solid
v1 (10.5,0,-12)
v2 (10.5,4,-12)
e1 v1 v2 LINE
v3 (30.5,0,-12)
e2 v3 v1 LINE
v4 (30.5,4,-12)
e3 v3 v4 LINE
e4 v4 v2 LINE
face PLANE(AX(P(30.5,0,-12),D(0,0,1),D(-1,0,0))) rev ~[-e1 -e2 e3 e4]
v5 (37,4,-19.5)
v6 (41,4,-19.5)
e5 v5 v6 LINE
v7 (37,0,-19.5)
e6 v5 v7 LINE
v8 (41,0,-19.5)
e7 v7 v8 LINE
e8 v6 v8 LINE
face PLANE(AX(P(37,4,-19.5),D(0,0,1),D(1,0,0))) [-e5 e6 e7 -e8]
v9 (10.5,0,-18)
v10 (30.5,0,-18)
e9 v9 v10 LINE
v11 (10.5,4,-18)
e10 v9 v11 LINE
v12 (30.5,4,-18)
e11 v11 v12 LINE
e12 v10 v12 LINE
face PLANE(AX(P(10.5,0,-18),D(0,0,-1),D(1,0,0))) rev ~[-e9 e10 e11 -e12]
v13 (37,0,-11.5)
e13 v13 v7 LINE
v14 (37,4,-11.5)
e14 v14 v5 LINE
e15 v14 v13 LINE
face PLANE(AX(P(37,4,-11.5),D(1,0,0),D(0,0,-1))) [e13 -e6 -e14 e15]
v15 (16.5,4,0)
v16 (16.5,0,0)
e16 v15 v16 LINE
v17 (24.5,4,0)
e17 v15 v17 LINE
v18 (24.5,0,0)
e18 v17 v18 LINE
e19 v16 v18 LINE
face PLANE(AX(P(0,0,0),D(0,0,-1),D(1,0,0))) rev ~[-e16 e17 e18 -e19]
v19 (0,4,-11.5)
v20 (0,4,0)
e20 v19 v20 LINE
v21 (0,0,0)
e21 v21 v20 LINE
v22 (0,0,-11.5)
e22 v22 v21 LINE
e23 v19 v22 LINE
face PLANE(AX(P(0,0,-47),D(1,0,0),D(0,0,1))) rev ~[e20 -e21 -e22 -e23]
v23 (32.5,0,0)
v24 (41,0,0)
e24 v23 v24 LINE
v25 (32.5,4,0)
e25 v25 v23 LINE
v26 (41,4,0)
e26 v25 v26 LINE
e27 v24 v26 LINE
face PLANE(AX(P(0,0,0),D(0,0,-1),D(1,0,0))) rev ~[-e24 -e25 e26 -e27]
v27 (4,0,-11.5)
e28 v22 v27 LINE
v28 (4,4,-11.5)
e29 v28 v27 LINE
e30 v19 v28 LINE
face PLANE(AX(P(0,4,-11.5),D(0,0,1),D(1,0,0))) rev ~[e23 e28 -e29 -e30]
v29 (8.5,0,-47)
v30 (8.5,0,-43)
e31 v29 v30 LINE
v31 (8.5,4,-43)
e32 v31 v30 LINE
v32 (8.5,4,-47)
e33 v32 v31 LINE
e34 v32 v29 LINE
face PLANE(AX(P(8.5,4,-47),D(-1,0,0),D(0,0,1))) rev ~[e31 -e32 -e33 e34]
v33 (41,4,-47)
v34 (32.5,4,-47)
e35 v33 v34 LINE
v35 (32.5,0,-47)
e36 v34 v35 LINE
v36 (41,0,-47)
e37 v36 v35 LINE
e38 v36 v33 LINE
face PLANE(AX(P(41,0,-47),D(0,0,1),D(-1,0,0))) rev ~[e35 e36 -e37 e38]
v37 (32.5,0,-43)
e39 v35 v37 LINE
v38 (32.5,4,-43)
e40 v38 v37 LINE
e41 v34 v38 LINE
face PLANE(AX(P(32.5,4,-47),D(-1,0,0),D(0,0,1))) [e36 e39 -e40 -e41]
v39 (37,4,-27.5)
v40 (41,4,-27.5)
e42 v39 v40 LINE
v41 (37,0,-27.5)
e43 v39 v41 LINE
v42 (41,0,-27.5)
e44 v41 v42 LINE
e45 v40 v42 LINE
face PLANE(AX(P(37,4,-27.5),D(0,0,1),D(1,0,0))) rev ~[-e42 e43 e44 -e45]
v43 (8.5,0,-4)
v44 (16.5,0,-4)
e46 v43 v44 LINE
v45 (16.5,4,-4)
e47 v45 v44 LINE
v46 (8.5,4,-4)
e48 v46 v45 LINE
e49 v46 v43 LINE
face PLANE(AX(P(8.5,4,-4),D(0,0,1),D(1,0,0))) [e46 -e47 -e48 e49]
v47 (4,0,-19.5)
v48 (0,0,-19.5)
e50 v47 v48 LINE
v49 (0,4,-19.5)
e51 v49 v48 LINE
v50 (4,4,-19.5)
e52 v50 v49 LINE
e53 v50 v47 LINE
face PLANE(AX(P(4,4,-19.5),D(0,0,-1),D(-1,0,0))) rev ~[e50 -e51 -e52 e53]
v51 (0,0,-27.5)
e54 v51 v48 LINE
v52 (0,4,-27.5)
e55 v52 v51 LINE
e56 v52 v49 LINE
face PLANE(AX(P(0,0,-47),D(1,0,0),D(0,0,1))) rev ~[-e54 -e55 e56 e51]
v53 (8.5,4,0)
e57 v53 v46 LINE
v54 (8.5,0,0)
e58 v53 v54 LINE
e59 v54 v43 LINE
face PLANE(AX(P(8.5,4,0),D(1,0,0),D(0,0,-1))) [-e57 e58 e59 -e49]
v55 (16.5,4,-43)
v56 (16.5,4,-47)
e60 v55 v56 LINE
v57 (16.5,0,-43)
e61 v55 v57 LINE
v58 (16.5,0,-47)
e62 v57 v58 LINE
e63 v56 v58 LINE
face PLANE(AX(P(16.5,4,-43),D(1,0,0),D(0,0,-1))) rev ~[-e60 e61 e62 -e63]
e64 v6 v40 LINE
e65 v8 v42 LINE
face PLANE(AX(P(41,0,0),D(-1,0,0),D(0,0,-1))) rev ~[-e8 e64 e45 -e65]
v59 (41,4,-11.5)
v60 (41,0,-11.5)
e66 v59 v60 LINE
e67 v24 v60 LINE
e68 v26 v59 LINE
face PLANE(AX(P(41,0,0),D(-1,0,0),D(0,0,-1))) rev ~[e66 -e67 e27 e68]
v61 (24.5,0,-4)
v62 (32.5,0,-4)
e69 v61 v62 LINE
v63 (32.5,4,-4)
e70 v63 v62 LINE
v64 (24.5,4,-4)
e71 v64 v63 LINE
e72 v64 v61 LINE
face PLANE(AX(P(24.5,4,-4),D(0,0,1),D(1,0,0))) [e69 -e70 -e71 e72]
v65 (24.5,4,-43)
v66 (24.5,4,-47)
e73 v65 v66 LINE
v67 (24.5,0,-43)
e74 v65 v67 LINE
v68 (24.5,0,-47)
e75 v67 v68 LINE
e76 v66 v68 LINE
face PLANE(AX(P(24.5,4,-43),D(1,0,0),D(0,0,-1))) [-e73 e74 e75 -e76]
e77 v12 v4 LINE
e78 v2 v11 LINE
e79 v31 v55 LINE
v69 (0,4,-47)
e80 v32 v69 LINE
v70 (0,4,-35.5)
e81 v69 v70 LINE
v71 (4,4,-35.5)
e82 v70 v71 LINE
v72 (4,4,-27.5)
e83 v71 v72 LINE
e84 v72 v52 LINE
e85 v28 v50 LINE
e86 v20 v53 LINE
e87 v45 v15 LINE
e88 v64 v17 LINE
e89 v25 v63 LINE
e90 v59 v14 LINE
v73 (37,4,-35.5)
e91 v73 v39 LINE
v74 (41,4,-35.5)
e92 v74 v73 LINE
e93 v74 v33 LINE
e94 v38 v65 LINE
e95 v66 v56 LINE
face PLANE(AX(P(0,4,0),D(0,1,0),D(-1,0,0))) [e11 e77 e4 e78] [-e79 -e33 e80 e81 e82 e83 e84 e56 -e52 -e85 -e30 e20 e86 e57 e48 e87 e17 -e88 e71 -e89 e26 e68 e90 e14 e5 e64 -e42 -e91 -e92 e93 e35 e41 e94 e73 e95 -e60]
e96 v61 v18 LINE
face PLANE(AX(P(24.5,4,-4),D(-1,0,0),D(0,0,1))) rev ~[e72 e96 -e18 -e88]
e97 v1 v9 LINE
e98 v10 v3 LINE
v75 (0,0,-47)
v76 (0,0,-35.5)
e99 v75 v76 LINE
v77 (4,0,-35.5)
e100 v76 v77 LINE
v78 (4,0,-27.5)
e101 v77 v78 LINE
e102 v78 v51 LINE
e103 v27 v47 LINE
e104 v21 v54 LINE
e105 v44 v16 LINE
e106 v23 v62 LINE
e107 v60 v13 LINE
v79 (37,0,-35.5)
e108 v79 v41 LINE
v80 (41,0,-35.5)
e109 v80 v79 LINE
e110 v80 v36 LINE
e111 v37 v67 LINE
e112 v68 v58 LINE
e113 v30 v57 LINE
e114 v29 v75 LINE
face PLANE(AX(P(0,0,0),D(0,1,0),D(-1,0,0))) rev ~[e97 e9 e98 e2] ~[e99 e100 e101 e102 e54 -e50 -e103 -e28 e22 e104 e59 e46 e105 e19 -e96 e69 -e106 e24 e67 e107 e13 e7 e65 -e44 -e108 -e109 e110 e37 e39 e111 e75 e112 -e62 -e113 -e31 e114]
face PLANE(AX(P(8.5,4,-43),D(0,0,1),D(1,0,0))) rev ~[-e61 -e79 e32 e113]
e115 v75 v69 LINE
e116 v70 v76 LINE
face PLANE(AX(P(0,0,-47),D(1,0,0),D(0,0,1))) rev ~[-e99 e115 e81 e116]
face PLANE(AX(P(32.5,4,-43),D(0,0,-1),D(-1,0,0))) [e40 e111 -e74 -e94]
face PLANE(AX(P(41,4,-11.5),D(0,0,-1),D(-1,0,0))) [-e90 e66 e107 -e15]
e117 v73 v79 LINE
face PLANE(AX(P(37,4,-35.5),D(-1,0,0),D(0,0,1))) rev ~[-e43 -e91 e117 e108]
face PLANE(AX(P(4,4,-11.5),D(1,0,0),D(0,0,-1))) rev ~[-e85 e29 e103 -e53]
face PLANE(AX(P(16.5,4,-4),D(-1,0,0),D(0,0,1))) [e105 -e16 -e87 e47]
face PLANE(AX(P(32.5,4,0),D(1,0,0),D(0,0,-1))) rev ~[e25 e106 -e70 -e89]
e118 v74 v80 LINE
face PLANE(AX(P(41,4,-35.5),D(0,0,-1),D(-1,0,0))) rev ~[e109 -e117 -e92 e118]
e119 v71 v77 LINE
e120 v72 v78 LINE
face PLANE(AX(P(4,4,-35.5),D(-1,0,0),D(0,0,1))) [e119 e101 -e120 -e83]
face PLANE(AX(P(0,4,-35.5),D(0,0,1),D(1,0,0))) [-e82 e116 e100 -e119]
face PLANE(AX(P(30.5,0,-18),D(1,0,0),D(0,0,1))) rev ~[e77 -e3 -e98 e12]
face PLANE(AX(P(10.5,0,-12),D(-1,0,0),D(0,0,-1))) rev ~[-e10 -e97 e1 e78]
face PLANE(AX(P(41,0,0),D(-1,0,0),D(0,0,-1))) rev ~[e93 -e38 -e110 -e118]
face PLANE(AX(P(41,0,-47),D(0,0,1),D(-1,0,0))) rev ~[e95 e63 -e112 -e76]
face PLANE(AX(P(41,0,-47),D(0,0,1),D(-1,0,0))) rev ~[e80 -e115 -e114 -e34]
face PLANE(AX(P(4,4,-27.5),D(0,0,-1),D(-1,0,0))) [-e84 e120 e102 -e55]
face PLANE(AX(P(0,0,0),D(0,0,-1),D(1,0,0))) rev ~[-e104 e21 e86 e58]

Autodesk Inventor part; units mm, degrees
ref_plane "YZ Plane" through (0, 0, 0) normal (1, 0, 0) x (0, 1, 0)
ref_plane "XZ Plane" through (0, 0, 0) normal (0, 1, 0) x (-1, 0, 0)
ref_plane "XY Plane" through (0, 0, 0) normal (0, 0, 1) x (1, 0, 0)
sketch "Sketch1" plane through (0, 0, 0) normal (0, 1, 0) x (-1, 0, 0)
  line L0 (0, 0) -> (-41, 0)
  line L1 (-41, 0) -> (-41, -47)
  line L2 (-41, -47) -> (0, -47)
  line L3 (0, -47) -> (0, 0)
  line L4 (-10.5, -18) -> (-30.5, -18)
  line L5 (-30.5, -18) -> (-30.5, -12)
  line L6 (-30.5, -12) -> (-10.5, -12)
  line L7 (-10.5, -12) -> (-10.5, -18)
  dimension "d0" = 41
  dimension "d1" = 47
  dimension "d2" = 20
  dimension "d3" = 6
  dimension "d4" = 10.5
  dimension "d5" = 12
extrude "Extrusion1" add sketch "Sketch1" along normal blind 4
sketch "Sketch2" plane through (0, 4, 0) normal (0, 1, 0) x (1, 0, 0)
  line L0 (41, 47) -> (0, 47) construction
  line L1 (0, 47) -> (0, 0) construction
  line L2 (0, 0) -> (41, 0) construction
  line L3 (41, 0) -> (41, 47) construction
  line L4 (4, 4) -> (4, 43) construction
  line L5 (4, 43) -> (37, 43) construction
  line L6 (37, 43) -> (37, 4) construction
  line L7 (37, 4) -> (4, 4) construction
  line L8 (0, 35.5) -> (4, 35.5)
  line L9 (4, 35.5) -> (4, 27.5)
  line L10 (4, 27.5) -> (0, 27.5)
  line L11 (0, 35.5) -> (0, 27.5)
  line L12 (0, 23.5) -> (41, 23.5) construction
  line L13 (20.5, 0) -> (20.5, 47) construction
  line L14 (41, 47) -> (0, 47) construction
  line L15 (8.5, 47) -> (8.5, 43)
  line L16 (8.5, 43) -> (16.5, 43)
  line L17 (16.5, 43) -> (16.5, 47)
  line L18 (16.5, 47) -> (8.5, 47)
  line L19 (41, 35.5) -> (37, 35.5)
  line L20 (37, 35.5) -> (37, 27.5)
  line L21 (37, 27.5) -> (41, 27.5)
  line L22 (41, 35.5) -> (41, 27.5)
  line L23 (32.5, 47) -> (32.5, 43)
  line L24 (32.5, 43) -> (24.5, 43)
  line L25 (24.5, 43) -> (24.5, 47)
  line L26 (24.5, 47) -> (32.5, 47)
  line L27 (41, 0) -> (0, 0)
  line L28 (4, 4) -> (37, 4)
  line L29 (0, 11.5) -> (4, 11.5)
  line L30 (4, 11.5) -> (4, 19.5)
  line L31 (4, 19.5) -> (0, 19.5)
  line L32 (0, 11.5) -> (0, 19.5)
  line L33 (41, 0) -> (0, 0)
  line L34 (8.5, 0) -> (8.5, 4)
  line L35 (8.5, 4) -> (16.5, 4)
  line L36 (16.5, 4) -> (16.5, 0)
  line L37 (16.5, 0) -> (8.5, 0)
  line L38 (24.5, 4) -> (24.5, 0)
  line L39 (32.5, 0) -> (32.5, 4)
  line L40 (37, 11.5) -> (37, 19.5)
  line L41 (41, 11.5) -> (37, 11.5)
  line L42 (41, 11.5) -> (41, 19.5)
  line L43 (37, 19.5) -> (41, 19.5)
  line L44 (24.5, 0) -> (32.5, 0)
  line L45 (32.5, 4) -> (24.5, 4)
  dimension "d8" = 4
  dimension "d9" = 8
  dimension "d10" = 4
  dimension "d11" = 8
  dimension "d12" = 4
extrude "Extrusion2" cut sketch "Sketch2" against normal up to surface (4 mm away) contours L8 L9 L10 L11 | L18 L17 L16 L15 | L22 L21 L20 L19 | L23 L24 L25 L26 | L27 L38 L28 L39 | L27 L34 L28 L36 | L32 L31 L30 L29 | L40 L43 L42 L41
properties part number "right" material "PBT Plastic Black"
